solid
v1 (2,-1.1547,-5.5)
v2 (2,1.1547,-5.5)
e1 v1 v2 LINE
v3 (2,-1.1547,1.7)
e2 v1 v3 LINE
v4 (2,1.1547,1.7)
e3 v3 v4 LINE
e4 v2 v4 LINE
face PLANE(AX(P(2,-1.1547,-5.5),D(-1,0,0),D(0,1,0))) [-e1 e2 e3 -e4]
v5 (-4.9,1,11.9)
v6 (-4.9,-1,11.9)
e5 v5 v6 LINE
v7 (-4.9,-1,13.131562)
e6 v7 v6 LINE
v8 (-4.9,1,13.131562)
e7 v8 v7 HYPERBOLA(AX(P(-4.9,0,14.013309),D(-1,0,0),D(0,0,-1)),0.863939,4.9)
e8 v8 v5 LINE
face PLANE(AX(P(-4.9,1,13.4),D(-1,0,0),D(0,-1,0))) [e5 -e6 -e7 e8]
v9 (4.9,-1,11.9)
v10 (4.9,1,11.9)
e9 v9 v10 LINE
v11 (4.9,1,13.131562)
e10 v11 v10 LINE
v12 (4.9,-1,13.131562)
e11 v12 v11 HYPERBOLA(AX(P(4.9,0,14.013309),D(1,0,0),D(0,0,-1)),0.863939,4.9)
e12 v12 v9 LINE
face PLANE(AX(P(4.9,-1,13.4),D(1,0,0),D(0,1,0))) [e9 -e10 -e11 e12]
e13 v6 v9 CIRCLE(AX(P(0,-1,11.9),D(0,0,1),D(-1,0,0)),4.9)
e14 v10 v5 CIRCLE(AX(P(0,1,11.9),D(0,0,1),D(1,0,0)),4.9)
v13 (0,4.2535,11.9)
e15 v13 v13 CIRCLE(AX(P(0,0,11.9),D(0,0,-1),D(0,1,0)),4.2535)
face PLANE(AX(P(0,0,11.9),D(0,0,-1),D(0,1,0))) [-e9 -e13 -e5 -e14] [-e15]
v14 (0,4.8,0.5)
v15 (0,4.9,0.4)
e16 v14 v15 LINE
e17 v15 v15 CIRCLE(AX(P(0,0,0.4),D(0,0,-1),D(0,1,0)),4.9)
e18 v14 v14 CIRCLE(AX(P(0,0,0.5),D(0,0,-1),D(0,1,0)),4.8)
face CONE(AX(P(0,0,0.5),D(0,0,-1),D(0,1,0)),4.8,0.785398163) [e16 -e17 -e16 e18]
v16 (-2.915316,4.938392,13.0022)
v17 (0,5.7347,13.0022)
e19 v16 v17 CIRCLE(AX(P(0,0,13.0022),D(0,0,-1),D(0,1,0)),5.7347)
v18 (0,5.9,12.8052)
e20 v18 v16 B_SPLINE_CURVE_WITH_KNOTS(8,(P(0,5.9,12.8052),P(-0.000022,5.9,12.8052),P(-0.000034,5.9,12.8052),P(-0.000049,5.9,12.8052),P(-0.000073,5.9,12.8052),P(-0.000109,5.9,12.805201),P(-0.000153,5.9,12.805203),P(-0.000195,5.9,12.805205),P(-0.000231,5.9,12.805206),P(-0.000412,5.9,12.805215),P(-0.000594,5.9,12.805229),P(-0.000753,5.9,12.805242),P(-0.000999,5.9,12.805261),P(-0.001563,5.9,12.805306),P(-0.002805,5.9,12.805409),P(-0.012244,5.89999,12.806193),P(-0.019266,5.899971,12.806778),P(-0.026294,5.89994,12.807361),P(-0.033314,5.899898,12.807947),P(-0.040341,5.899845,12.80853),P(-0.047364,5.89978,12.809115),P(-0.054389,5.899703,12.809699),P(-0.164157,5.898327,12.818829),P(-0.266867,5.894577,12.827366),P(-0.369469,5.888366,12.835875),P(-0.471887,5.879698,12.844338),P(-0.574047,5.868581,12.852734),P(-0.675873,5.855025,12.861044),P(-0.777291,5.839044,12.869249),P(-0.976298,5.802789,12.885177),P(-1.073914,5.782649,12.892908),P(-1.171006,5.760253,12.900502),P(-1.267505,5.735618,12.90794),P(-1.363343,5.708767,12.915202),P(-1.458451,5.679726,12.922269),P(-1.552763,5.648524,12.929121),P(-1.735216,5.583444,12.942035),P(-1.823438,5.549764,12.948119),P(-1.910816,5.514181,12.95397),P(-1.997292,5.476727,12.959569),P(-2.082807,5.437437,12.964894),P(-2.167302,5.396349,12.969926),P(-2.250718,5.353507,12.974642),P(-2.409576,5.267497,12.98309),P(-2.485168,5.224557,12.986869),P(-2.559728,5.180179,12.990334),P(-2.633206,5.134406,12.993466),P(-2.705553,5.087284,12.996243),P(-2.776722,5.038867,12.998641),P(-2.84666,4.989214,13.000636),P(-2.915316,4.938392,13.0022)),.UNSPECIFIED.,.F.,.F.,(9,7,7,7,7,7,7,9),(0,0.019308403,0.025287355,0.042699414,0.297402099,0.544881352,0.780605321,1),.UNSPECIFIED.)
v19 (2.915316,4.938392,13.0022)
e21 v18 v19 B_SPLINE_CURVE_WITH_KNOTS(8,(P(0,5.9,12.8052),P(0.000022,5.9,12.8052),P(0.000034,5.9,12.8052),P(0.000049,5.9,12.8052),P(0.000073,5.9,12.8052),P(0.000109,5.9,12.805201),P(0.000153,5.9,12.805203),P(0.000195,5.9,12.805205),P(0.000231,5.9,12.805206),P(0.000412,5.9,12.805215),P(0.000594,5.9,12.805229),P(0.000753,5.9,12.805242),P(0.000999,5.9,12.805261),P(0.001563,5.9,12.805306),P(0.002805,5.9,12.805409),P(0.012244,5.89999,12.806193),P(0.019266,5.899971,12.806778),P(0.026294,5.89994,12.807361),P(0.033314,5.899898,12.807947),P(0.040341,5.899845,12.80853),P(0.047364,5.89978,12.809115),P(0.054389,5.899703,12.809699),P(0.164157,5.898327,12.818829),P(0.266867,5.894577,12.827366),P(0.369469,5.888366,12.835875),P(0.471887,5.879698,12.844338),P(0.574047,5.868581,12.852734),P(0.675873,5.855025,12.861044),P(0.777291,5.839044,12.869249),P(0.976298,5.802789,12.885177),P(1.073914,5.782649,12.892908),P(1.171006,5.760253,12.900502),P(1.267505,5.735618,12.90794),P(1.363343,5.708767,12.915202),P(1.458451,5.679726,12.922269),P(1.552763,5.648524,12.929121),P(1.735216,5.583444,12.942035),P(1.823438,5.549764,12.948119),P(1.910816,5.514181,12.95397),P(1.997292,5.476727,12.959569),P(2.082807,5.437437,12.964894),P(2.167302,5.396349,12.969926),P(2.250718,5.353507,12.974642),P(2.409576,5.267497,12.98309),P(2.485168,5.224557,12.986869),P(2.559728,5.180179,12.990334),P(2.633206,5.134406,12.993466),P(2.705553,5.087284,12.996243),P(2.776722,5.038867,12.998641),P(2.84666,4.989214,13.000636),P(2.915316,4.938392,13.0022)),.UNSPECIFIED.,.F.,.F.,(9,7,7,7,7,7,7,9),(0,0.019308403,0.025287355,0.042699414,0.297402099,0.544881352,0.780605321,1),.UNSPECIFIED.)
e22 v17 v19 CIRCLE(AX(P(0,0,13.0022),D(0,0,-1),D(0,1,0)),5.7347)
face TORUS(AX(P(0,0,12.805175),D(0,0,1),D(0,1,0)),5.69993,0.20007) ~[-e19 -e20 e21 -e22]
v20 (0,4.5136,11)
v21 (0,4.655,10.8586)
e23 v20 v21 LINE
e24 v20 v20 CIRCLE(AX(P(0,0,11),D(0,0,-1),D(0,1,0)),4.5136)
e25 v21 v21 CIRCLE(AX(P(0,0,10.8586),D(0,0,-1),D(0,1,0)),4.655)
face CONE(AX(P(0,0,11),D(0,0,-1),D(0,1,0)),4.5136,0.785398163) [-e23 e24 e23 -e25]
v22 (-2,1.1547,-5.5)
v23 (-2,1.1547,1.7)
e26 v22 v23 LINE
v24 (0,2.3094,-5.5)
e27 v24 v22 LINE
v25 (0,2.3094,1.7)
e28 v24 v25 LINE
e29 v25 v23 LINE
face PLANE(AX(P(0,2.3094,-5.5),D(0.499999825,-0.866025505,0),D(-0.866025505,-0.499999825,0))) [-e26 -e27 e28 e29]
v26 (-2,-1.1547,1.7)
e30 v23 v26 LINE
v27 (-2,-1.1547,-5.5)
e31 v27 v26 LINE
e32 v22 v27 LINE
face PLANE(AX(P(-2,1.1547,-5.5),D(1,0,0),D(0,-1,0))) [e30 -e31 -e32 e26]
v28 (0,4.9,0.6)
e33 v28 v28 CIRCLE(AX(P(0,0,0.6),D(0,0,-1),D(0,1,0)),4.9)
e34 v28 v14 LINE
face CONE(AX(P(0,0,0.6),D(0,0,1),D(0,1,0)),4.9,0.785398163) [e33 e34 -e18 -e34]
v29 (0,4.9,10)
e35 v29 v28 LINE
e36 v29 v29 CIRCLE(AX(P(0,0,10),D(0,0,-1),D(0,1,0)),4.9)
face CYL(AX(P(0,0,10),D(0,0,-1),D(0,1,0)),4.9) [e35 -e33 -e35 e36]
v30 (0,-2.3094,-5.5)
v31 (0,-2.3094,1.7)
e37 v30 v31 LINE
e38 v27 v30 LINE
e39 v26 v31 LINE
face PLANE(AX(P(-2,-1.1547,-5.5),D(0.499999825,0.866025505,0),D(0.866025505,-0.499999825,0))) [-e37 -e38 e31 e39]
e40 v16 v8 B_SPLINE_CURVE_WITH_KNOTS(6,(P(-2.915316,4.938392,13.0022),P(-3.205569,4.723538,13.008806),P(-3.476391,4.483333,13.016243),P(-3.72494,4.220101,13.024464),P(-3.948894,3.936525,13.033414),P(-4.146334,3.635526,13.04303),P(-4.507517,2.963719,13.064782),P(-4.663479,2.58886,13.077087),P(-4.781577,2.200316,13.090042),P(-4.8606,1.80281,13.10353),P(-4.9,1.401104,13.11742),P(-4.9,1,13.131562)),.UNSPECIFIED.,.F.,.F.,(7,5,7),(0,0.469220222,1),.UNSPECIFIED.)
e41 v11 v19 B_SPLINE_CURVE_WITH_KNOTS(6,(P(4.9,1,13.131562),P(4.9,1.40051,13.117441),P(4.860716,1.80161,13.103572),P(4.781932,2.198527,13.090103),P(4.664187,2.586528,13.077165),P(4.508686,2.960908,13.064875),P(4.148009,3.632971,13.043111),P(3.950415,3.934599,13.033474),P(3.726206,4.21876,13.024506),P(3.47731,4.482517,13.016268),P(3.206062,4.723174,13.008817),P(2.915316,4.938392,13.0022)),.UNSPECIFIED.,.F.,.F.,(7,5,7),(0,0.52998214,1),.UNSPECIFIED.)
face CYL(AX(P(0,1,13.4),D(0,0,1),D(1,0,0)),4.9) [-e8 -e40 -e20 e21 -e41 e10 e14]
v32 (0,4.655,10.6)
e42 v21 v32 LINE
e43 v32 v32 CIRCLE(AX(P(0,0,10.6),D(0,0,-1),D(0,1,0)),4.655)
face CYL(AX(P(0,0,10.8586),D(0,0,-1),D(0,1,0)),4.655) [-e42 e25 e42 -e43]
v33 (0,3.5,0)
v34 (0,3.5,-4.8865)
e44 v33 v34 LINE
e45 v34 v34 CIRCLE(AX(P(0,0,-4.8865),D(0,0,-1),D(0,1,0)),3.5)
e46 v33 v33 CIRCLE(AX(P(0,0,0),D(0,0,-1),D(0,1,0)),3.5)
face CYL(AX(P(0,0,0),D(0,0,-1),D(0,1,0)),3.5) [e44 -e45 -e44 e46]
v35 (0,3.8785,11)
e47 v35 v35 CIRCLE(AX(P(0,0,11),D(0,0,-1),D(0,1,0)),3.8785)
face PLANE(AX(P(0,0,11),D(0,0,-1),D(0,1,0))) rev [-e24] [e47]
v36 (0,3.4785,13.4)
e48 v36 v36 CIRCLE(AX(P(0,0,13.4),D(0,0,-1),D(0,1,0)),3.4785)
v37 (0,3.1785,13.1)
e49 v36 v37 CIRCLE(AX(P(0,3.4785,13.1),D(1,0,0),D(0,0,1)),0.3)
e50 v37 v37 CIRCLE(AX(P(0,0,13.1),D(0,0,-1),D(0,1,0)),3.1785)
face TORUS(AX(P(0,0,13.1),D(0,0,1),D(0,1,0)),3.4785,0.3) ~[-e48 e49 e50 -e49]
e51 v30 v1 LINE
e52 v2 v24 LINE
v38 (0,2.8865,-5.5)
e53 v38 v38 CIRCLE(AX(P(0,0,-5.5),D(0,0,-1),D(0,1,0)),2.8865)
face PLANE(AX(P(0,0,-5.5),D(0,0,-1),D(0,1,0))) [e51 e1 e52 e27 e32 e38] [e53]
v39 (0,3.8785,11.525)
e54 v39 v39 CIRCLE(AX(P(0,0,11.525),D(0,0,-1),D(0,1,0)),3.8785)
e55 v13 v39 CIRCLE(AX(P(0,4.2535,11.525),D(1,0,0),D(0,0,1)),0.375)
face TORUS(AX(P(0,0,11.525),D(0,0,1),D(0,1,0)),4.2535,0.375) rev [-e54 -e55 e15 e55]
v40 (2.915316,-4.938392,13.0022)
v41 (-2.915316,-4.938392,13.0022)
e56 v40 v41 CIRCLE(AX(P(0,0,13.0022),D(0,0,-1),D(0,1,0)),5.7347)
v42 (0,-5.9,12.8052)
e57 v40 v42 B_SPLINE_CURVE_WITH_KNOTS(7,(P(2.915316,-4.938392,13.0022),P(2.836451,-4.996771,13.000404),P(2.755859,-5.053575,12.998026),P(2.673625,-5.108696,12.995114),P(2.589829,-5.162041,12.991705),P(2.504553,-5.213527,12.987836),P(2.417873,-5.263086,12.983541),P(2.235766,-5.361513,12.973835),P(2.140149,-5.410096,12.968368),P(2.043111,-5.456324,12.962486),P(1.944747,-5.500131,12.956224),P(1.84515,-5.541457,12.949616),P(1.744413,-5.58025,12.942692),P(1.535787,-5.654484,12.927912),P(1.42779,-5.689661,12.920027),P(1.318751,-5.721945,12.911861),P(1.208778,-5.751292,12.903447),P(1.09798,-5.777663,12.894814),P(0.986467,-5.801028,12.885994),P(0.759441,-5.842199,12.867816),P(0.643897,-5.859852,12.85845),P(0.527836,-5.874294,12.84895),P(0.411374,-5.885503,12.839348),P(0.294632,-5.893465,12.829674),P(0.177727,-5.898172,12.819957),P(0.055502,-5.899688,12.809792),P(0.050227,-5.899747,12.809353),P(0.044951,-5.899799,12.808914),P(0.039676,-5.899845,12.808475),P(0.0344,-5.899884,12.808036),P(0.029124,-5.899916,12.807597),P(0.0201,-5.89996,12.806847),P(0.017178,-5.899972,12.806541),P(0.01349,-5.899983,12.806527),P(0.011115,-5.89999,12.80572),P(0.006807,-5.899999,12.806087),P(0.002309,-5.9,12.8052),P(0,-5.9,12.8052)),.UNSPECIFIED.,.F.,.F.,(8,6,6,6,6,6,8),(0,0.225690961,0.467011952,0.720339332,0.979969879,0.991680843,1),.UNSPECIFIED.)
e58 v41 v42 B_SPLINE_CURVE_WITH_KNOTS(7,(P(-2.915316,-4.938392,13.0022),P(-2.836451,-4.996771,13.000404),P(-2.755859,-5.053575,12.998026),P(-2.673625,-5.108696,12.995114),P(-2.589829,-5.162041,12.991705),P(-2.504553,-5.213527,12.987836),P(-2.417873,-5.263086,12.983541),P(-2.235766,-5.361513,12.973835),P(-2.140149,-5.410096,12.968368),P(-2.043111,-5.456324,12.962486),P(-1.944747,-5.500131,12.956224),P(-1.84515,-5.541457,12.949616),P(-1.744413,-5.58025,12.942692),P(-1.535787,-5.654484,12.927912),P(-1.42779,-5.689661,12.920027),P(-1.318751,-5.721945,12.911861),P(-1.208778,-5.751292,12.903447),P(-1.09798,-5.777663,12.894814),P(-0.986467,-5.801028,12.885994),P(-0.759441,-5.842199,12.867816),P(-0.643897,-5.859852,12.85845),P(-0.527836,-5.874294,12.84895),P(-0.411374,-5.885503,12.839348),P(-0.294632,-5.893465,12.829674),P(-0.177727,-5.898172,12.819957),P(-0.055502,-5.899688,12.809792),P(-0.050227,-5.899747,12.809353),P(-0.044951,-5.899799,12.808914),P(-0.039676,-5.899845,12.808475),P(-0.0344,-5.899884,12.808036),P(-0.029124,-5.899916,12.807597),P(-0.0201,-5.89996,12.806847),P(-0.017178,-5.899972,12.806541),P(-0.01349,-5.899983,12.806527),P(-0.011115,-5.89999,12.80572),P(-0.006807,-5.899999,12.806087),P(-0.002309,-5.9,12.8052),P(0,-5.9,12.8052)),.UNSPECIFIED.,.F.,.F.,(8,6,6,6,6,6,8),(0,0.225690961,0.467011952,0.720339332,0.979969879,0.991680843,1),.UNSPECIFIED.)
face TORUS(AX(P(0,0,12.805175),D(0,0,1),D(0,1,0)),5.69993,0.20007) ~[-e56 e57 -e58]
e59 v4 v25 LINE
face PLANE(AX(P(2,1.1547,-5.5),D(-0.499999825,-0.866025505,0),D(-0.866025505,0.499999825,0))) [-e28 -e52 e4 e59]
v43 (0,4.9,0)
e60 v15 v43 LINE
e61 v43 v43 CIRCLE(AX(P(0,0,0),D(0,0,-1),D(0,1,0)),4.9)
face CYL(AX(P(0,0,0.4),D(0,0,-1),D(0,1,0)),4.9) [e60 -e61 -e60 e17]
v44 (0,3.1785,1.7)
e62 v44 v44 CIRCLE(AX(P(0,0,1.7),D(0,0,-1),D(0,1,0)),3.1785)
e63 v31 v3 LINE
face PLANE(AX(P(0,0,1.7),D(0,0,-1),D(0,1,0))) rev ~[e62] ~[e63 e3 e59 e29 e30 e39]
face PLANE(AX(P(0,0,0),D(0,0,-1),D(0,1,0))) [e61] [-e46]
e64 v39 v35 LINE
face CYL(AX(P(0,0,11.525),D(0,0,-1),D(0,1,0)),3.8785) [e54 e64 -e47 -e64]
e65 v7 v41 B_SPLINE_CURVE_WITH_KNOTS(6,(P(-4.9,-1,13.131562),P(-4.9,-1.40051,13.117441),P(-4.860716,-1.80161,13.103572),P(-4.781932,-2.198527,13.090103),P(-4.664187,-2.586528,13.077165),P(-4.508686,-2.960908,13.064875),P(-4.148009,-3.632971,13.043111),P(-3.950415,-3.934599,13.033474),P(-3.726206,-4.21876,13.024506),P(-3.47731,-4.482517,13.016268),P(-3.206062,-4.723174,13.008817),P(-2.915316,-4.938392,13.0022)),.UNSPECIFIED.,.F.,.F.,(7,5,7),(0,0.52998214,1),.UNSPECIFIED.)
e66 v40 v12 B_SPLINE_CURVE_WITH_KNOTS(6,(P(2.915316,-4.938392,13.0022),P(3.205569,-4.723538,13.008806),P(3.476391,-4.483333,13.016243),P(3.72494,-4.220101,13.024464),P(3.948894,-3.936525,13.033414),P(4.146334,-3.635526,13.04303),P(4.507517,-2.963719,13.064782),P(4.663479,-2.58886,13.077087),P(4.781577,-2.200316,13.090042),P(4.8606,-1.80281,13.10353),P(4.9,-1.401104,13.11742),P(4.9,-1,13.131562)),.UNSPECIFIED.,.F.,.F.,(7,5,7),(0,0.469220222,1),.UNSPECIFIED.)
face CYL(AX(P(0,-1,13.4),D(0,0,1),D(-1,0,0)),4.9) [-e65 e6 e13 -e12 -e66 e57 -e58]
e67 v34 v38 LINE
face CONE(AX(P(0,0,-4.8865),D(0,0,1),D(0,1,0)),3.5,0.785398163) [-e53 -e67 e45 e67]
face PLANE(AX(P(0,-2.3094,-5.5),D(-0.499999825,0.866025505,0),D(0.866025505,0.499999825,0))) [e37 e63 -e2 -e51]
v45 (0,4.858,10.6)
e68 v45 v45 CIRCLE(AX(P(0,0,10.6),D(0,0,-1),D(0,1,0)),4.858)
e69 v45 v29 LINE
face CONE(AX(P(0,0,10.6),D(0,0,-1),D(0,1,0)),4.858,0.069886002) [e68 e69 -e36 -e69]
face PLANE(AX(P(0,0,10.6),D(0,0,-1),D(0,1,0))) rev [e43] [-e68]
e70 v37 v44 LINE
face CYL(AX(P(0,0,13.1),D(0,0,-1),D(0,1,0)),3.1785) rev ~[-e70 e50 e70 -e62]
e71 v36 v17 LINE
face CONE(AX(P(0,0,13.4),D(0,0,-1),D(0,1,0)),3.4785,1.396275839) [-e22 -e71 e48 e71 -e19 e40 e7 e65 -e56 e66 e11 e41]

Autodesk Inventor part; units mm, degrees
sketch "Sketch_1" plane through (0, 0, 0) normal (1, 0, 0) x (0, 1, 0)
  line L0 (0, -5.5) -> (0, 13.4)
  line L1 (0, 13.4) -> (3.4785, 13.4)
  line L2 (3.4785, 13.4) -> (5.7347, 13.0022)
  arc A0 (5.9, 12.8052) -> (5.7347, 13.0022) centre (5.7, 12.8052) ccw
  line L3 (5.9, 12.8052) -> (5.9, 11.9)
  line L4 (5.9, 11.9) -> (4.2535, 11.9)
  arc A1 (4.2535, 11.9) -> (3.8785, 11.525) centre (4.2535, 11.525) ccw
  line L5 (3.8785, 11.525) -> (3.8785, 11)
  line L6 (3.8785, 11) -> (4.5136, 11)
  line L7 (4.5136, 11) -> (4.655, 10.8586)
  line L8 (4.655, 10.8586) -> (4.655, 10.6)
  line L9 (4.655, 10.6) -> (4.858, 10.6)
  line L10 (4.858, 10.6) -> (4.9, 10)
  line L11 (4.9, 10) -> (4.9, 0.6)
  line L12 (4.9, 0.6) -> (4.8, 0.5)
  line L13 (4.8, 0.5) -> (4.9, 0.4)
  line L14 (4.9, 0.4) -> (4.9, 0)
  line L15 (4.9, 0) -> (3.5, 0)
  line L16 (3.5, 0) -> (3.5, -4.8865)
  line L17 (3.5, -4.8865) -> (2.8865, -5.5)
  line L18 (2.8865, -5.5) -> (0, -5.5)
  line L19 (0, -5.5) -> (0, 13.4)
revolve "Revolution1" add sketch "Sketch_1" angle 360 about axis through (0, 0, -5.5) along (0, 0, -1)
thread "Thread1" size "M7x1" class "6g" standard "ISO Metric profile" length 4.3865
sketch "Sketch_2" plane through (0, 0, 13.4) normal (0, 0, 1) x (1, 0, 0)
  line L0 (-11.8, -11.8) -> (11.8, -11.8)
  line L1 (11.8, -11.8) -> (11.8, 11.8)
  line L2 (11.8, 11.8) -> (-11.8, 11.8)
  line L3 (-11.8, 11.8) -> (-11.8, -11.8)
  line L4 (-4.9, 1) -> (-4.9, -1)
  arc A0 (-4.9, -1) -> (4.9, -1) centre (0, -1) ccw
  line L5 (4.9, -1) -> (4.9, 1)
  arc A1 (4.9, 1) -> (-4.9, 1) centre (0, 1) ccw
extrude "Extrusion1" cut sketch "Sketch_2" against normal blind 1.5
sketch "Sketch_3" plane through (0, 0, -5.5) normal (0, 0, 1) x (1, 0, 0)
  line L0 (-2, -1.1547) -> (0, -2.3094)
  line L1 (0, -2.3094) -> (2, -1.1547)
  line L2 (2, -1.1547) -> (2, 1.1547)
  line L3 (2, 1.1547) -> (0, 2.3094)
  line L4 (0, 2.3094) -> (-2, 1.1547)
  line L5 (-2, 1.1547) -> (-2, -1.1547)
extrude "Extrusion2" cut sketch "Sketch_3" along normal blind 7.2
sketch "Sketch_4" plane through (0, 0, 0) normal (1, 0, 0) x (0, 1, 0)
  line L0 (0, 1.7) -> (0, 13.4)
  line L1 (0, 13.4) -> (3.4785, 13.4)
  arc A0 (3.4785, 13.4) -> (3.1785, 13.1) centre (3.4785, 13.1) ccw
  line L2 (3.1785, 13.1) -> (3.1785, 1.7)
  line L3 (3.1785, 1.7) -> (0, 1.7)
  line L4 (0, 1.7) -> (0, 13.4)
revolve "Revolution2" cut sketch "Sketch_4" angle 360 about axis through (0, 0, 1.7) along (0, 0, -1)
ref_plane "ANBAU_XY" through (0, 0, 0) normal (0, 0, -1) x (1, 0, 0)
ref_plane "ANBAU_YZ" through (0, 0, 0) normal (1, 0, 0) x (0, -1, 0)
ref_plane "ANBAU_ZX" through (0, 0, 0) normal (0, -1, 0) x (0, 0, -1)
ref_plane "ANBAU_STD_XY" through (0, 0, 0) normal (0, 0, 1) x (1, 0, 0)
ref_plane "ANBAU_STD_YZ" through (0, 0, 0) normal (1, 0, 0) x (0, 1, 0)
ref_plane "ANBAU_STD_ZX" through (0, 0, 0) normal (0, 1, 0) x (0, 0, 1)
ref_plane "CPV_XY" through (0, 0, 0) normal (0, 0, 1) x (1, 0, 0)
ref_plane "CPV_YZ" through (0, 0, 0) normal (1, 0, 0) x (0, 1, 0)
ref_plane "CPV_ZX" through (0, 0, 0) normal (0, 1, 0) x (0, 0, 1)
ref_plane "CPV_ANBAU_XY" through (0, 0, 0) normal (0, 0, 1) x (1, 0, 0)
ref_plane "CPV_ANBAU_YZ" through (0, 0, 0) normal (1, 0, 0) x (0, 1, 0)
ref_plane "CPV_ANBAU_ZX" through (0, 0, 0) normal (0, 1, 0) x (0, 0, 1)
properties part number "183740"
